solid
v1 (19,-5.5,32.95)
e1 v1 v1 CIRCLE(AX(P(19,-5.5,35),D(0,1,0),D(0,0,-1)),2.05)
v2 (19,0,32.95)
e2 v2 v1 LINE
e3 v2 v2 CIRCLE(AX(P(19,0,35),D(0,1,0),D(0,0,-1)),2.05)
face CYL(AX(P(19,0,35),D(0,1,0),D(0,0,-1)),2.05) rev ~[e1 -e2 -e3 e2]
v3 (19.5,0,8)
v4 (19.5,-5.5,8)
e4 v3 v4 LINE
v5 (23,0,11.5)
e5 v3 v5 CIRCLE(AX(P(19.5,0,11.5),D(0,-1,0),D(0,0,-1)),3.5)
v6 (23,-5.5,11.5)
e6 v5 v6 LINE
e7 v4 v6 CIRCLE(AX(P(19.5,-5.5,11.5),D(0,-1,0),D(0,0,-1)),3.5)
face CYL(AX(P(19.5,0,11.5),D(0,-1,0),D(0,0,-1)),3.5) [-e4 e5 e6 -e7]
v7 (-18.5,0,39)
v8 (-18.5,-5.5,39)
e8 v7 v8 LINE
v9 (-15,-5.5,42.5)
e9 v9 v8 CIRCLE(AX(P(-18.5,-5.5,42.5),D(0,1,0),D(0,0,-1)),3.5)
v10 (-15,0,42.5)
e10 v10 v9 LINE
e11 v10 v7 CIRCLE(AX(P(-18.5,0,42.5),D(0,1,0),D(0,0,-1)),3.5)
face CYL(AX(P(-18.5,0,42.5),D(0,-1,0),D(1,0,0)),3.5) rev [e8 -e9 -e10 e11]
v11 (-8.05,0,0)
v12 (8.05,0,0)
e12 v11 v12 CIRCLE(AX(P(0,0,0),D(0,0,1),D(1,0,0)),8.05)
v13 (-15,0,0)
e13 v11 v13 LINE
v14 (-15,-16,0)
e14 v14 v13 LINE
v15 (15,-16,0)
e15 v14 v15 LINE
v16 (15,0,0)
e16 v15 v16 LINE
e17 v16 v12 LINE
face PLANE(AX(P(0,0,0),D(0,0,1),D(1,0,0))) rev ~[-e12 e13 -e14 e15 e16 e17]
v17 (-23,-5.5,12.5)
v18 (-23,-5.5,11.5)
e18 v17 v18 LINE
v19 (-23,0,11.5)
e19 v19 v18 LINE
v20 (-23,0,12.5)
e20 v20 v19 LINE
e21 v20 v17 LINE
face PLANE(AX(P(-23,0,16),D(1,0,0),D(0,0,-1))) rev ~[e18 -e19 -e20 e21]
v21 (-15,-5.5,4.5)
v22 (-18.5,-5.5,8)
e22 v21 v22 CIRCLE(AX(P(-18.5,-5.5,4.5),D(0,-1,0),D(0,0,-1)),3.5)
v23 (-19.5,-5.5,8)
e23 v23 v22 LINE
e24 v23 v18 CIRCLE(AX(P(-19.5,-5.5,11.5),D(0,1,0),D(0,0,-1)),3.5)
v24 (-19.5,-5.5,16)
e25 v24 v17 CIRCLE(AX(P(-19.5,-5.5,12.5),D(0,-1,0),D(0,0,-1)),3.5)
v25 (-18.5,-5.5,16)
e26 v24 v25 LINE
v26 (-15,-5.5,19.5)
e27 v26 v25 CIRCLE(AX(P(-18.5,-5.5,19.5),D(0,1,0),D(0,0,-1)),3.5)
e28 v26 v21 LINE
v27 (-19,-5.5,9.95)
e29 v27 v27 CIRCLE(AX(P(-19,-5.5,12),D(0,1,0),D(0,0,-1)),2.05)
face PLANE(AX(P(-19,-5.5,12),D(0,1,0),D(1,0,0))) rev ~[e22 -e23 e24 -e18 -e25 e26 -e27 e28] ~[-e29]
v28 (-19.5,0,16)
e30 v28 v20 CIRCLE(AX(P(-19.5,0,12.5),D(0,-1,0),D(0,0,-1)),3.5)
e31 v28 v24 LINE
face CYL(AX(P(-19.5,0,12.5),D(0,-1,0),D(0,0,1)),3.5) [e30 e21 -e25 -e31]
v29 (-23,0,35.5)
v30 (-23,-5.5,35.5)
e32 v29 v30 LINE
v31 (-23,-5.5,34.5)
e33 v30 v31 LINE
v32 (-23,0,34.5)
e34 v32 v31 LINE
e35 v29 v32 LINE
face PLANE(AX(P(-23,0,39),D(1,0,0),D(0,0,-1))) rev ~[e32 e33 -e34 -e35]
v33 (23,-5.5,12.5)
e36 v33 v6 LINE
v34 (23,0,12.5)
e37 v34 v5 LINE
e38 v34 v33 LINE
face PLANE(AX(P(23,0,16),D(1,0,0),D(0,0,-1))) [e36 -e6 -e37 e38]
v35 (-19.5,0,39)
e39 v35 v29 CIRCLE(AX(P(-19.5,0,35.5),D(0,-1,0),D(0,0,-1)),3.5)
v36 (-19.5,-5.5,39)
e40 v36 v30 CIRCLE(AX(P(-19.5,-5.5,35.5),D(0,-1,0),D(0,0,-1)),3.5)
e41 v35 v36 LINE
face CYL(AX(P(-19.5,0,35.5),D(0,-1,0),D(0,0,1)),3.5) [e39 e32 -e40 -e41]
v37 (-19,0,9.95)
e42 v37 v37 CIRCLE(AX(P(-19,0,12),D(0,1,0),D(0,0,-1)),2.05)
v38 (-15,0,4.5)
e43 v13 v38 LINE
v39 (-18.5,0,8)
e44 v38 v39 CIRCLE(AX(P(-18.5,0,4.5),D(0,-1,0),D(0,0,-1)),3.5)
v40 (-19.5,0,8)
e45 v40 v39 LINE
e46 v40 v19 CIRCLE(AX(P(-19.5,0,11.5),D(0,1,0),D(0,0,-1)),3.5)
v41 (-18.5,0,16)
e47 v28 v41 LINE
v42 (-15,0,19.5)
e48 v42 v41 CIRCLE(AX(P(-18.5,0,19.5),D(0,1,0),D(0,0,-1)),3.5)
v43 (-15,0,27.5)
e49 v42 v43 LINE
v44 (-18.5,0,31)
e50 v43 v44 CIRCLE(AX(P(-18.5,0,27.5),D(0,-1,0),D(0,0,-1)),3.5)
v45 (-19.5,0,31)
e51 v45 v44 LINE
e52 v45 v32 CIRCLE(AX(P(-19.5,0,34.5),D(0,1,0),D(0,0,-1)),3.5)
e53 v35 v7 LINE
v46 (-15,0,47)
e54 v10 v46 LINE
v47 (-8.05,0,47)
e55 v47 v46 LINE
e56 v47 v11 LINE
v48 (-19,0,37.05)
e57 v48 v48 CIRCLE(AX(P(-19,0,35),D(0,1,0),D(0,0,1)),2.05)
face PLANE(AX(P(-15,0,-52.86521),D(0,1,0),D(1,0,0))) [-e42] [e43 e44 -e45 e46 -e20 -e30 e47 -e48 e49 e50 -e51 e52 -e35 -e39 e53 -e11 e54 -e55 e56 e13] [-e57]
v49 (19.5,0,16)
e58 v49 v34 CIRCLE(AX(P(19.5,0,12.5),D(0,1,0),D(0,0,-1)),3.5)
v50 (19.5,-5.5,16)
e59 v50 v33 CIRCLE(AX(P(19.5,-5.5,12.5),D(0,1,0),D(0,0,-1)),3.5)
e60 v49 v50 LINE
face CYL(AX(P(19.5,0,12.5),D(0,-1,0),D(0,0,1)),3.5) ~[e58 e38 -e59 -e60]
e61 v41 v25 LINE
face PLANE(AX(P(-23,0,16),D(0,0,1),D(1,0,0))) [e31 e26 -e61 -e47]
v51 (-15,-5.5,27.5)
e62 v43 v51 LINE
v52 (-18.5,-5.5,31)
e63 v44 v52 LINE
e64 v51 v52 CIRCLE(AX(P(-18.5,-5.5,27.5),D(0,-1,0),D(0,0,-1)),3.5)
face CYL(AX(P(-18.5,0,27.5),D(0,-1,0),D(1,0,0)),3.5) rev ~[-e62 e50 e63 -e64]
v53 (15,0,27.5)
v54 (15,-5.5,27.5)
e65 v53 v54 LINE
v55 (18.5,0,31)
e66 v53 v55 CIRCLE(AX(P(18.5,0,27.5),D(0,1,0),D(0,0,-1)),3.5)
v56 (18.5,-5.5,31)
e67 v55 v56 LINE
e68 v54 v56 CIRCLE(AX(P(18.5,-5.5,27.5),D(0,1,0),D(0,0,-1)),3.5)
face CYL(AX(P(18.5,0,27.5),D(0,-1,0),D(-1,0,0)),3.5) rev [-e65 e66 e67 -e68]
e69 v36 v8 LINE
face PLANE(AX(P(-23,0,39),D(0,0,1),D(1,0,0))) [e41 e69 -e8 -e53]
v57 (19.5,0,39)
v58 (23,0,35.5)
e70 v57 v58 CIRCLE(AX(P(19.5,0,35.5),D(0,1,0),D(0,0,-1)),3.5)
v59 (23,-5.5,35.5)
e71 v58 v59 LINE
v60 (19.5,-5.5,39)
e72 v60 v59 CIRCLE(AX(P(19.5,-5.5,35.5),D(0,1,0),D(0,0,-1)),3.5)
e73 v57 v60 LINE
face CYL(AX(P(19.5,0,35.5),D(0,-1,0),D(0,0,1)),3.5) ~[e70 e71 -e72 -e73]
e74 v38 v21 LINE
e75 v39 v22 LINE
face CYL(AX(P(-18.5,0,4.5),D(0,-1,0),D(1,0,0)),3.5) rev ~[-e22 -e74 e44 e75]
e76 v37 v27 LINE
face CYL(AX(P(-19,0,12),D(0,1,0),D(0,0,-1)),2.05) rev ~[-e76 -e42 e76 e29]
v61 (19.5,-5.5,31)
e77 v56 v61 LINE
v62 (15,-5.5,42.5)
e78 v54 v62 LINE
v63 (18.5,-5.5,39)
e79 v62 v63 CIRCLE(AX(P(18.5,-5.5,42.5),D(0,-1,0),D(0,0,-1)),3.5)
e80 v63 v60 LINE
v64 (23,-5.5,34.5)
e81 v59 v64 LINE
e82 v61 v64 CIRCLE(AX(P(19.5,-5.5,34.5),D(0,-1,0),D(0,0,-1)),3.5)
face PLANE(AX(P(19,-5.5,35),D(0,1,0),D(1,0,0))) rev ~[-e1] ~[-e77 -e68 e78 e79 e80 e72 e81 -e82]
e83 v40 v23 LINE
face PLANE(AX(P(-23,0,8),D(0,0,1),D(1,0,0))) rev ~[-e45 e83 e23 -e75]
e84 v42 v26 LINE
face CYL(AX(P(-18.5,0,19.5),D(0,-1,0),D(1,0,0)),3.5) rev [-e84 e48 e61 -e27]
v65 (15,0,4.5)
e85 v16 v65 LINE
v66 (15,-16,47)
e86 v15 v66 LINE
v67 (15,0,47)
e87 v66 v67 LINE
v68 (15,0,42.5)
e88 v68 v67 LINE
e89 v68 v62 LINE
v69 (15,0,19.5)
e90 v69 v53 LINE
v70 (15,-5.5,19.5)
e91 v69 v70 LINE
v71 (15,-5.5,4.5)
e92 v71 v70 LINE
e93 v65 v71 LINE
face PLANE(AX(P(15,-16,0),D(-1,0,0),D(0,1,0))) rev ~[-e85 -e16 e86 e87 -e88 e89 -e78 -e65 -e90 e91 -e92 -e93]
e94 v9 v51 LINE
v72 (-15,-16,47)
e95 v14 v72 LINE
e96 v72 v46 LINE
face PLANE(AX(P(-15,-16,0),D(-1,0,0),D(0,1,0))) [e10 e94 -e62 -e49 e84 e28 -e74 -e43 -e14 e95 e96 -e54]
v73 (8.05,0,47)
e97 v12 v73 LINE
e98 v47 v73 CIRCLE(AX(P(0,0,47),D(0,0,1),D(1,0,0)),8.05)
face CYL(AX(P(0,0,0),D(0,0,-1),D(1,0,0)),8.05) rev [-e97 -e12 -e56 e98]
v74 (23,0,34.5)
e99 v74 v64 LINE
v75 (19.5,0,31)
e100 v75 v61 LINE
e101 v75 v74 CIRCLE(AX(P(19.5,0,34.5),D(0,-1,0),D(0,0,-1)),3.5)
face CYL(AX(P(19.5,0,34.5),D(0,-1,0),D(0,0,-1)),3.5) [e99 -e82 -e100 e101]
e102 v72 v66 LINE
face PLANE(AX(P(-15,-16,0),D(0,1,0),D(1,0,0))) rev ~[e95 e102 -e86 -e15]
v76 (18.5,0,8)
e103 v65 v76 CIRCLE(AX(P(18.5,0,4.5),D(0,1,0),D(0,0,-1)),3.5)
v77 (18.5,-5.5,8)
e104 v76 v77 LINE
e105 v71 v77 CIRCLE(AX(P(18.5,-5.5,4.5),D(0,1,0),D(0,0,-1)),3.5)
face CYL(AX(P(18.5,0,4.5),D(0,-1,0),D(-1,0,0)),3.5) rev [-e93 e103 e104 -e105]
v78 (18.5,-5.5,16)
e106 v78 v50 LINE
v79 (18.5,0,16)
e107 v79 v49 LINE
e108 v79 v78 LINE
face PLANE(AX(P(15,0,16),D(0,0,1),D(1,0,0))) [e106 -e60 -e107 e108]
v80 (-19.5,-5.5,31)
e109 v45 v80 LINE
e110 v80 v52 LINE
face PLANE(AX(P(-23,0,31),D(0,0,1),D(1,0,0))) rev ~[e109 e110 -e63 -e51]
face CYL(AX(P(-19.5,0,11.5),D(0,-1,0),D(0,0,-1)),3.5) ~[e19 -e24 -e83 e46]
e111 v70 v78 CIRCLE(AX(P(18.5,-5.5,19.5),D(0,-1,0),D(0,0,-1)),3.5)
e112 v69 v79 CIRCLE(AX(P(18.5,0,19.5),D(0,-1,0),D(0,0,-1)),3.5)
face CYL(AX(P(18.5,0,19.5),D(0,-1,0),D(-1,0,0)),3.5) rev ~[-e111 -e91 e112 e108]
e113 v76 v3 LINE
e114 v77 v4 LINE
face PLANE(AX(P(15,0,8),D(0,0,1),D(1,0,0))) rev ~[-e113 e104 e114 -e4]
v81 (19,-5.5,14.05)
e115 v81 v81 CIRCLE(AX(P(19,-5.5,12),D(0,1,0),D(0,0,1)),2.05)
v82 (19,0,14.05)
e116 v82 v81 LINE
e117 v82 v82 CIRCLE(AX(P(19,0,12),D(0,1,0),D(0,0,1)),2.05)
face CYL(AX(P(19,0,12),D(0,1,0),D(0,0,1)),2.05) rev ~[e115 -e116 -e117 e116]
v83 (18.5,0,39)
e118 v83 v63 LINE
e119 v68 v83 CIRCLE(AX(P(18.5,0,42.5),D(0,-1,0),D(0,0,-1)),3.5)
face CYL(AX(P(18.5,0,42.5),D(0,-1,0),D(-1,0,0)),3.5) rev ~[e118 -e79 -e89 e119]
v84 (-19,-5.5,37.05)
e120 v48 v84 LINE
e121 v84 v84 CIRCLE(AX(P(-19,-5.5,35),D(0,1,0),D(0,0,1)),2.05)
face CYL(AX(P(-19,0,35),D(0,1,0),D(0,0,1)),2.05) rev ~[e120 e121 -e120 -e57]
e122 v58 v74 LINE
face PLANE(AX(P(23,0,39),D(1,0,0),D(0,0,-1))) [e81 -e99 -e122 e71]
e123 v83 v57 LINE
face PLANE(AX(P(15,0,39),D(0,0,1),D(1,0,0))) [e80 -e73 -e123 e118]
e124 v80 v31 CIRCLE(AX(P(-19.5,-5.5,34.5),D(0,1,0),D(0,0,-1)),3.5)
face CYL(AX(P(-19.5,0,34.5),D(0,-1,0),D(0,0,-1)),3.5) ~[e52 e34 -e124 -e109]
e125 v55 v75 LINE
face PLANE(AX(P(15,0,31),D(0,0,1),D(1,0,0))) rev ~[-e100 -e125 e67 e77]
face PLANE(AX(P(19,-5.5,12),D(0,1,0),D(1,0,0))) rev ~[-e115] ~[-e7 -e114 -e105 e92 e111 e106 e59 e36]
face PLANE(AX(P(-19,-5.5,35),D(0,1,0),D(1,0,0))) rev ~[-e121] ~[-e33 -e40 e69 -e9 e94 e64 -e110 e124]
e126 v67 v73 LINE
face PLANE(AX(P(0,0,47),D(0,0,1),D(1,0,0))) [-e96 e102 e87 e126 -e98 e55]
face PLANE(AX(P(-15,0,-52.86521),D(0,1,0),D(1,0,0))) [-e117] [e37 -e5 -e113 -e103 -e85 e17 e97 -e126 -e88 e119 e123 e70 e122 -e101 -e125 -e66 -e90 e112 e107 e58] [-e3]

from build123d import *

# Parameters (mm, degrees)
SKETCH1_W               = 30
SKETCH1_H               = 32
SKETCH1_R               = 8.05
BOSS_EXTRUDE1_DEPTH     = 47
CUT_EXTRUDE1_DEPTH      = 52.86520992
CUT_EXTRUDE1_DEPTH_BACK = 52.86520992
SKETCH3_W               = 30
SKETCH3_H               = 16
SKETCH4_W               = 8
SKETCH4_H               = 8
SKETCH4_R               = 2.05
BOSS_EXTRUDE2_DEPTH     = 5.5
FILLET1_R               = 3.5


with BuildPart() as part:
    # Sketch1 → Boss-Extrude1 (new body)
    with BuildSketch(Plane.XY):
        Rectangle(SKETCH1_W, SKETCH1_H)
        Circle(SKETCH1_R, mode=Mode.SUBTRACT)
    extrude(amount=BOSS_EXTRUDE1_DEPTH)

    # Sketch3 → Cut-Extrude1 (cut, two sides: drawn at the far end of the back side and taken through both)
    with BuildSketch(Plane.XY.offset(-CUT_EXTRUDE1_DEPTH_BACK)):
        with Locations((0, 8)):
            Rectangle(SKETCH3_W, SKETCH3_H)
    extrude(amount=CUT_EXTRUDE1_DEPTH + CUT_EXTRUDE1_DEPTH_BACK, mode=Mode.SUBTRACT)

    # Sketch4 → Boss-Extrude2 (add)
    # profile 1 of 4: a face of its own
    with BuildSketch(Plane(origin=(0, 0, 0), x_dir=(1, 0, 0), z_dir=(0, 1, 0))):
        with Locations((19, -12)):
            Rectangle(SKETCH4_W, SKETCH4_H)
        with Locations(Location((19, -12, 0), (0, 0, 270))):
            Circle(SKETCH4_R, mode=Mode.SUBTRACT)
    # profile 2 of 4: a face of its own
    with BuildSketch(Plane(origin=(0, 0, 0), x_dir=(1, 0, 0), z_dir=(0, 1, 0))):
        with Locations((-19, -35)):
            Rectangle(SKETCH4_W, SKETCH4_H)
        with Locations(Location((-19, -35, 0), (0, 0, 270))):
            Circle(SKETCH4_R, mode=Mode.SUBTRACT)
    # profile 3 of 4: a face of its own
    with BuildSketch(Plane(origin=(0, 0, 0), x_dir=(1, 0, 0), z_dir=(0, 1, 0))):
        with Locations((19, -35)):
            Rectangle(SKETCH4_W, SKETCH4_H)
        with Locations(Location((19, -35, 0), (0, 0, 90))):
            Circle(SKETCH4_R, mode=Mode.SUBTRACT)
    # profile 4 of 4: a face of its own
    with BuildSketch(Plane(origin=(0, 0, 0), x_dir=(1, 0, 0), z_dir=(0, 1, 0))):
        with Locations((-19, -12)):
            Rectangle(SKETCH4_W, SKETCH4_H)
        with Locations(Location((-19, -12, 0), (0, 0, 90))):
            Circle(SKETCH4_R, mode=Mode.SUBTRACT)
    extrude(amount=-BOSS_EXTRUDE2_DEPTH)

    # Fillet1
    fillet1_edges = [part.edges().sort_by_distance(p)[0] for p in [
        (-23, -2.75, 8),
        (-15, -2.75, 8),
        (-15, -2.75, 16),
        (-23, -2.75, 16),
        (23, -2.75, 39),
        (15, -2.75, 39),
        (15, -2.75, 31),
        (23, -2.75, 31),
        (-15, -2.75, 31),
        (-15, -2.75, 39),
        (-23, -2.75, 39),
        (-23, -2.75, 31),
        (15, -2.75, 16),
        (15, -2.75, 8),
        (23, -2.75, 8),
        (23, -2.75, 16),
    ]]
    fillet(fillet1_edges, radius=FILLET1_R)


solid = part.part
